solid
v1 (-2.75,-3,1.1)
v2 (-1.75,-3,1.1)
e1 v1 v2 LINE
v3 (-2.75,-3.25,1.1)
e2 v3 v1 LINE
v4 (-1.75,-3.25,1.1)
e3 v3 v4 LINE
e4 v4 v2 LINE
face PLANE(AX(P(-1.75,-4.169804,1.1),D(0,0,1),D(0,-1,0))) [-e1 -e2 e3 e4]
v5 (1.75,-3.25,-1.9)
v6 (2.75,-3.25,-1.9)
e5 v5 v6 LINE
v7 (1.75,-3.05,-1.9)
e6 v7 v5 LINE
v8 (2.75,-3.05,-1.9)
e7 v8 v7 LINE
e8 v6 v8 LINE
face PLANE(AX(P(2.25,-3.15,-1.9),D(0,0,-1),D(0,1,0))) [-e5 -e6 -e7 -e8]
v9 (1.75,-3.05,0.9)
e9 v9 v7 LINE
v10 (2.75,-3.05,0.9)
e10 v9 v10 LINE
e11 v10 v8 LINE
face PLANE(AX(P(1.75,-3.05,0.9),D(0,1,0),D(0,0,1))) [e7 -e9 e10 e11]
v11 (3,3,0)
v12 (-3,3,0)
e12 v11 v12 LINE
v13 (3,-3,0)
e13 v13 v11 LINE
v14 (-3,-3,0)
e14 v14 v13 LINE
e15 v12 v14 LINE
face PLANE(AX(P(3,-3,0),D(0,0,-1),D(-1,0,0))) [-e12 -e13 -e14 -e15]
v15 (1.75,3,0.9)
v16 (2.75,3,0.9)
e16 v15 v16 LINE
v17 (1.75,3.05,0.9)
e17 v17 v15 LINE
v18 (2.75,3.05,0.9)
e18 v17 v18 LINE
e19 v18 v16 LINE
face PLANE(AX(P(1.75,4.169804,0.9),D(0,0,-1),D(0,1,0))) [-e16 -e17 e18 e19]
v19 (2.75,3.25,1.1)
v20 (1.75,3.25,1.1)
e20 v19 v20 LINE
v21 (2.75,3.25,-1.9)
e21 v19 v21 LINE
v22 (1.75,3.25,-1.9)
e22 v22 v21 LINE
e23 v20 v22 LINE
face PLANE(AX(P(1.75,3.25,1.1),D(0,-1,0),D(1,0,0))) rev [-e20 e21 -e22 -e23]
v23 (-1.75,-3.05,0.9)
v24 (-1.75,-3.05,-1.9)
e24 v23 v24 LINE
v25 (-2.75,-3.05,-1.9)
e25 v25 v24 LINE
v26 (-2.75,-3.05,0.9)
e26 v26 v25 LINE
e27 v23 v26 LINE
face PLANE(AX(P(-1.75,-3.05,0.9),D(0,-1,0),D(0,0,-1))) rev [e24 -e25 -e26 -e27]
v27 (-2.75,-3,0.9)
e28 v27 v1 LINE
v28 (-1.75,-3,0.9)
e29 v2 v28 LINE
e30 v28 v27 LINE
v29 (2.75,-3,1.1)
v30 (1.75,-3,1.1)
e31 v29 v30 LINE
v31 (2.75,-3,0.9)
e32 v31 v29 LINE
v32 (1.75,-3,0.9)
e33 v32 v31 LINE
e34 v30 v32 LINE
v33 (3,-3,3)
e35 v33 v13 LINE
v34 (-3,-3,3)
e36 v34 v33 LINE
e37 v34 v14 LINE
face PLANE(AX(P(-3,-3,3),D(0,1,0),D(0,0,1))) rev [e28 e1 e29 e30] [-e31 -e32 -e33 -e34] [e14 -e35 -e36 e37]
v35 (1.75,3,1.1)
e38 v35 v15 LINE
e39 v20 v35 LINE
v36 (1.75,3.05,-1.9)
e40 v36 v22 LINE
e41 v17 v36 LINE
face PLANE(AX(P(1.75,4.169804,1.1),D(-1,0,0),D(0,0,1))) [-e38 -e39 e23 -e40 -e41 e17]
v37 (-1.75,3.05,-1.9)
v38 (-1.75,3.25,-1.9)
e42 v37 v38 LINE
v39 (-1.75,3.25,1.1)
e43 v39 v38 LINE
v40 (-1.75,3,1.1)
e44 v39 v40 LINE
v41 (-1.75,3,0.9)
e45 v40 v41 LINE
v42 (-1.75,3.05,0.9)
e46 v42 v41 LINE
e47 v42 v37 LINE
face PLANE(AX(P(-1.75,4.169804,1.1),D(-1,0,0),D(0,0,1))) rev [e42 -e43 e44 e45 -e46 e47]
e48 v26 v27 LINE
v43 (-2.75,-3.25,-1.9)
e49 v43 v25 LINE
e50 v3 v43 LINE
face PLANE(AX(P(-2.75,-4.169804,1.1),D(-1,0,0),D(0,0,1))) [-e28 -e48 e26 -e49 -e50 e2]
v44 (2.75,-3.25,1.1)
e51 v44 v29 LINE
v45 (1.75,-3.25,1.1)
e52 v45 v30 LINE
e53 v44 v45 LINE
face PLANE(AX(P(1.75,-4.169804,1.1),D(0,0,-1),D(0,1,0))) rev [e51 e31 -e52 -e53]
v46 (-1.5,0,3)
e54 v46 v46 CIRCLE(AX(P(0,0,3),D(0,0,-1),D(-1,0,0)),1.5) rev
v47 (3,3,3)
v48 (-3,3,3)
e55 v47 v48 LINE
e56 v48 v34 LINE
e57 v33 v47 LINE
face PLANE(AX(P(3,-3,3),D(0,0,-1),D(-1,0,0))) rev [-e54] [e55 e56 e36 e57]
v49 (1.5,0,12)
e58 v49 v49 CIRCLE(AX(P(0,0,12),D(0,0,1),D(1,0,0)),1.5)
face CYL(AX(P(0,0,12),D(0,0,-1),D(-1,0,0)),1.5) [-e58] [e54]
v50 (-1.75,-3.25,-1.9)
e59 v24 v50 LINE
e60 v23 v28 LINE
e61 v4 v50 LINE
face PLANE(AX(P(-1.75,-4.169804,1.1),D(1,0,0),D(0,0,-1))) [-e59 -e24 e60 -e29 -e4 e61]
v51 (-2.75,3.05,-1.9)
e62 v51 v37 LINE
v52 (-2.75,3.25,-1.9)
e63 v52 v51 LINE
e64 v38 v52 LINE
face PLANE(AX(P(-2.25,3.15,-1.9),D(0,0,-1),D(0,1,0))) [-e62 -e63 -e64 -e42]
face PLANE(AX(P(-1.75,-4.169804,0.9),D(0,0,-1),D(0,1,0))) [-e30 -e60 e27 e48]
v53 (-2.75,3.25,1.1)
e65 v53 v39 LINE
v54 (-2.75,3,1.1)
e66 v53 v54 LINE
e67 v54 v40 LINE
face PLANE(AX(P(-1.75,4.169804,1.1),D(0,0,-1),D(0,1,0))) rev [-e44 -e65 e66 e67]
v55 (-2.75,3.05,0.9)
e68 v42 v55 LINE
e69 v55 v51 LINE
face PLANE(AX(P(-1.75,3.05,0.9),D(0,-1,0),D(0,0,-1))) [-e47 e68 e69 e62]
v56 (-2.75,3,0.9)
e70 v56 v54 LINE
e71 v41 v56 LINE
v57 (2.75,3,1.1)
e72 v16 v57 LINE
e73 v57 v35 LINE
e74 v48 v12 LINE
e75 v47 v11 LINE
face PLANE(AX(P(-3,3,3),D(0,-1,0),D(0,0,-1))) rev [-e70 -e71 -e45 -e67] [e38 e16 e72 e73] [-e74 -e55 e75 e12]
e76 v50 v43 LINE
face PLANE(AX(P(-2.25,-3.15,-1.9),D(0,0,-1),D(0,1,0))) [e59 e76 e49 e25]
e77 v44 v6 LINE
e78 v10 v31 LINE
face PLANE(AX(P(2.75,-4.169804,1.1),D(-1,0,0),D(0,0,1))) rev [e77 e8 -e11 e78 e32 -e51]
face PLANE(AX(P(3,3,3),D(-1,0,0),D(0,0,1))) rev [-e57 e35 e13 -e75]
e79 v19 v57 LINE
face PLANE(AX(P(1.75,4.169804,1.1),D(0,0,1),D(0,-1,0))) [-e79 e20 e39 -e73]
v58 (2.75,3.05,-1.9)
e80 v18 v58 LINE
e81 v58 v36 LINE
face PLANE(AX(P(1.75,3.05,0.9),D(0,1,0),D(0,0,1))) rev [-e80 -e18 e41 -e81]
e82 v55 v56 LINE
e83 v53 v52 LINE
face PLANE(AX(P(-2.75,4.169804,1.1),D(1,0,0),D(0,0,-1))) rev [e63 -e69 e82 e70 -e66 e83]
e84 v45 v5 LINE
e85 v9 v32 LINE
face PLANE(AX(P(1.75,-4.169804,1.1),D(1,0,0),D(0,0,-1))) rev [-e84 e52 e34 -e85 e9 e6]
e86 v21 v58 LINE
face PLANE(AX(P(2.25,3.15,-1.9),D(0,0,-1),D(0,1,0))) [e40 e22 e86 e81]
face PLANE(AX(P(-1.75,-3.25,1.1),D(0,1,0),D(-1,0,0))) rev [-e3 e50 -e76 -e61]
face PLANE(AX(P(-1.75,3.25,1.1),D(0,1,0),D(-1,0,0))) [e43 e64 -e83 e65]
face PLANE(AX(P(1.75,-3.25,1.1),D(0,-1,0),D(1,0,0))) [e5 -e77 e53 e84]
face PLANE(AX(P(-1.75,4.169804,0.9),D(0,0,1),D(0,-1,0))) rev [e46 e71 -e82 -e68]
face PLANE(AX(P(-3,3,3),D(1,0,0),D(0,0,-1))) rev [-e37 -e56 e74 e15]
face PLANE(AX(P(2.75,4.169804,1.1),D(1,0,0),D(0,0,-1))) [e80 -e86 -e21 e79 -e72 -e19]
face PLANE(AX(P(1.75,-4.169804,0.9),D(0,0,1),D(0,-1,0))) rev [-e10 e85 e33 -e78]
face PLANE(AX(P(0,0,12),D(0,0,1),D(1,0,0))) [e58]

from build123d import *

# Parameters (mm, degrees)
SKETCH_1_W               = 6
SKETCH_1_H               = 6
EXTRUDE_1_DEPTH          = 3
SKETCH_2_R               = 1.5
EXTRUDE_2_DEPTH          = 9
SKETCH_4_W               = 1
SKETCH_4_H               = 0.2
MIRROR_2_COPY_1_SKETCH_W = 1
MIRROR_2_COPY_1_SKETCH_H = 0.2


with BuildPart() as part:
    # 草图1 → 凸台-拉伸1 (new body)
    with BuildSketch(Plane.XY):
        Rectangle(SKETCH_1_W, SKETCH_1_H)
    extrude(amount=EXTRUDE_1_DEPTH)

    # 草图2 → 凸台-拉伸2 (add)
    with BuildSketch(Plane.XY.offset(3)):
        with Locations(Location((0, 0, 0), (0, 0, 180))):
            Circle(SKETCH_2_R)
    extrude(amount=EXTRUDE_2_DEPTH)

    # 扫描3: sweep along a path in 草图6
    with BuildLine(Plane(origin=(2.25, 0, 0), x_dir=(0, 0, -1), z_dir=(1, 0, 0))) as sweep_3_path:
        Line((-1.1, -3), (-1.1, -3.25))
        Line((-1.1, -3.25), (1.9, -3.25))
    # 草图4 → 扫描3 (sweep)
    with BuildSketch(Plane.XZ.offset(3)):
        with Locations((2.25, 1)):
            Rectangle(SKETCH_4_W, SKETCH_4_H)
    sweep_3 = sweep(path=sweep_3_path.line, transition=Transition.RIGHT)

    # 镜向1: 扫描3 across plane
    add(sweep_3.mirror(Plane(origin=(0, 0, 0), x_dir=(0, 0, 1), z_dir=(1, 0, 0))))

    # 镜向2: 扫描3 across plane
    add(sweep_3.mirror(Plane.ZX))

    # 镜向2 copy 1: sweep along a path in 镜向2 copy 1 path
    with BuildLine(Plane(origin=(-2.25, 0, 0), x_dir=(0, 0, -1), z_dir=(-1, 0, 0))) as mirror_2_copy_1_path:
        Line((-1.1, -3), (-1.1, -3.25))
        Line((-1.1, -3.25), (1.9, -3.25))
    # 镜向2 copy 1 sketch → 镜向2 copy 1 (sweep)
    with BuildSketch(Plane(origin=(0, 3, 0), x_dir=(-1, 0, 0), z_dir=(0, 1, 0))):
        with Locations((2.25, 1)):
            Rectangle(MIRROR_2_COPY_1_SKETCH_W, MIRROR_2_COPY_1_SKETCH_H)
    sweep(path=mirror_2_copy_1_path.line, transition=Transition.RIGHT)


solid = part.part
